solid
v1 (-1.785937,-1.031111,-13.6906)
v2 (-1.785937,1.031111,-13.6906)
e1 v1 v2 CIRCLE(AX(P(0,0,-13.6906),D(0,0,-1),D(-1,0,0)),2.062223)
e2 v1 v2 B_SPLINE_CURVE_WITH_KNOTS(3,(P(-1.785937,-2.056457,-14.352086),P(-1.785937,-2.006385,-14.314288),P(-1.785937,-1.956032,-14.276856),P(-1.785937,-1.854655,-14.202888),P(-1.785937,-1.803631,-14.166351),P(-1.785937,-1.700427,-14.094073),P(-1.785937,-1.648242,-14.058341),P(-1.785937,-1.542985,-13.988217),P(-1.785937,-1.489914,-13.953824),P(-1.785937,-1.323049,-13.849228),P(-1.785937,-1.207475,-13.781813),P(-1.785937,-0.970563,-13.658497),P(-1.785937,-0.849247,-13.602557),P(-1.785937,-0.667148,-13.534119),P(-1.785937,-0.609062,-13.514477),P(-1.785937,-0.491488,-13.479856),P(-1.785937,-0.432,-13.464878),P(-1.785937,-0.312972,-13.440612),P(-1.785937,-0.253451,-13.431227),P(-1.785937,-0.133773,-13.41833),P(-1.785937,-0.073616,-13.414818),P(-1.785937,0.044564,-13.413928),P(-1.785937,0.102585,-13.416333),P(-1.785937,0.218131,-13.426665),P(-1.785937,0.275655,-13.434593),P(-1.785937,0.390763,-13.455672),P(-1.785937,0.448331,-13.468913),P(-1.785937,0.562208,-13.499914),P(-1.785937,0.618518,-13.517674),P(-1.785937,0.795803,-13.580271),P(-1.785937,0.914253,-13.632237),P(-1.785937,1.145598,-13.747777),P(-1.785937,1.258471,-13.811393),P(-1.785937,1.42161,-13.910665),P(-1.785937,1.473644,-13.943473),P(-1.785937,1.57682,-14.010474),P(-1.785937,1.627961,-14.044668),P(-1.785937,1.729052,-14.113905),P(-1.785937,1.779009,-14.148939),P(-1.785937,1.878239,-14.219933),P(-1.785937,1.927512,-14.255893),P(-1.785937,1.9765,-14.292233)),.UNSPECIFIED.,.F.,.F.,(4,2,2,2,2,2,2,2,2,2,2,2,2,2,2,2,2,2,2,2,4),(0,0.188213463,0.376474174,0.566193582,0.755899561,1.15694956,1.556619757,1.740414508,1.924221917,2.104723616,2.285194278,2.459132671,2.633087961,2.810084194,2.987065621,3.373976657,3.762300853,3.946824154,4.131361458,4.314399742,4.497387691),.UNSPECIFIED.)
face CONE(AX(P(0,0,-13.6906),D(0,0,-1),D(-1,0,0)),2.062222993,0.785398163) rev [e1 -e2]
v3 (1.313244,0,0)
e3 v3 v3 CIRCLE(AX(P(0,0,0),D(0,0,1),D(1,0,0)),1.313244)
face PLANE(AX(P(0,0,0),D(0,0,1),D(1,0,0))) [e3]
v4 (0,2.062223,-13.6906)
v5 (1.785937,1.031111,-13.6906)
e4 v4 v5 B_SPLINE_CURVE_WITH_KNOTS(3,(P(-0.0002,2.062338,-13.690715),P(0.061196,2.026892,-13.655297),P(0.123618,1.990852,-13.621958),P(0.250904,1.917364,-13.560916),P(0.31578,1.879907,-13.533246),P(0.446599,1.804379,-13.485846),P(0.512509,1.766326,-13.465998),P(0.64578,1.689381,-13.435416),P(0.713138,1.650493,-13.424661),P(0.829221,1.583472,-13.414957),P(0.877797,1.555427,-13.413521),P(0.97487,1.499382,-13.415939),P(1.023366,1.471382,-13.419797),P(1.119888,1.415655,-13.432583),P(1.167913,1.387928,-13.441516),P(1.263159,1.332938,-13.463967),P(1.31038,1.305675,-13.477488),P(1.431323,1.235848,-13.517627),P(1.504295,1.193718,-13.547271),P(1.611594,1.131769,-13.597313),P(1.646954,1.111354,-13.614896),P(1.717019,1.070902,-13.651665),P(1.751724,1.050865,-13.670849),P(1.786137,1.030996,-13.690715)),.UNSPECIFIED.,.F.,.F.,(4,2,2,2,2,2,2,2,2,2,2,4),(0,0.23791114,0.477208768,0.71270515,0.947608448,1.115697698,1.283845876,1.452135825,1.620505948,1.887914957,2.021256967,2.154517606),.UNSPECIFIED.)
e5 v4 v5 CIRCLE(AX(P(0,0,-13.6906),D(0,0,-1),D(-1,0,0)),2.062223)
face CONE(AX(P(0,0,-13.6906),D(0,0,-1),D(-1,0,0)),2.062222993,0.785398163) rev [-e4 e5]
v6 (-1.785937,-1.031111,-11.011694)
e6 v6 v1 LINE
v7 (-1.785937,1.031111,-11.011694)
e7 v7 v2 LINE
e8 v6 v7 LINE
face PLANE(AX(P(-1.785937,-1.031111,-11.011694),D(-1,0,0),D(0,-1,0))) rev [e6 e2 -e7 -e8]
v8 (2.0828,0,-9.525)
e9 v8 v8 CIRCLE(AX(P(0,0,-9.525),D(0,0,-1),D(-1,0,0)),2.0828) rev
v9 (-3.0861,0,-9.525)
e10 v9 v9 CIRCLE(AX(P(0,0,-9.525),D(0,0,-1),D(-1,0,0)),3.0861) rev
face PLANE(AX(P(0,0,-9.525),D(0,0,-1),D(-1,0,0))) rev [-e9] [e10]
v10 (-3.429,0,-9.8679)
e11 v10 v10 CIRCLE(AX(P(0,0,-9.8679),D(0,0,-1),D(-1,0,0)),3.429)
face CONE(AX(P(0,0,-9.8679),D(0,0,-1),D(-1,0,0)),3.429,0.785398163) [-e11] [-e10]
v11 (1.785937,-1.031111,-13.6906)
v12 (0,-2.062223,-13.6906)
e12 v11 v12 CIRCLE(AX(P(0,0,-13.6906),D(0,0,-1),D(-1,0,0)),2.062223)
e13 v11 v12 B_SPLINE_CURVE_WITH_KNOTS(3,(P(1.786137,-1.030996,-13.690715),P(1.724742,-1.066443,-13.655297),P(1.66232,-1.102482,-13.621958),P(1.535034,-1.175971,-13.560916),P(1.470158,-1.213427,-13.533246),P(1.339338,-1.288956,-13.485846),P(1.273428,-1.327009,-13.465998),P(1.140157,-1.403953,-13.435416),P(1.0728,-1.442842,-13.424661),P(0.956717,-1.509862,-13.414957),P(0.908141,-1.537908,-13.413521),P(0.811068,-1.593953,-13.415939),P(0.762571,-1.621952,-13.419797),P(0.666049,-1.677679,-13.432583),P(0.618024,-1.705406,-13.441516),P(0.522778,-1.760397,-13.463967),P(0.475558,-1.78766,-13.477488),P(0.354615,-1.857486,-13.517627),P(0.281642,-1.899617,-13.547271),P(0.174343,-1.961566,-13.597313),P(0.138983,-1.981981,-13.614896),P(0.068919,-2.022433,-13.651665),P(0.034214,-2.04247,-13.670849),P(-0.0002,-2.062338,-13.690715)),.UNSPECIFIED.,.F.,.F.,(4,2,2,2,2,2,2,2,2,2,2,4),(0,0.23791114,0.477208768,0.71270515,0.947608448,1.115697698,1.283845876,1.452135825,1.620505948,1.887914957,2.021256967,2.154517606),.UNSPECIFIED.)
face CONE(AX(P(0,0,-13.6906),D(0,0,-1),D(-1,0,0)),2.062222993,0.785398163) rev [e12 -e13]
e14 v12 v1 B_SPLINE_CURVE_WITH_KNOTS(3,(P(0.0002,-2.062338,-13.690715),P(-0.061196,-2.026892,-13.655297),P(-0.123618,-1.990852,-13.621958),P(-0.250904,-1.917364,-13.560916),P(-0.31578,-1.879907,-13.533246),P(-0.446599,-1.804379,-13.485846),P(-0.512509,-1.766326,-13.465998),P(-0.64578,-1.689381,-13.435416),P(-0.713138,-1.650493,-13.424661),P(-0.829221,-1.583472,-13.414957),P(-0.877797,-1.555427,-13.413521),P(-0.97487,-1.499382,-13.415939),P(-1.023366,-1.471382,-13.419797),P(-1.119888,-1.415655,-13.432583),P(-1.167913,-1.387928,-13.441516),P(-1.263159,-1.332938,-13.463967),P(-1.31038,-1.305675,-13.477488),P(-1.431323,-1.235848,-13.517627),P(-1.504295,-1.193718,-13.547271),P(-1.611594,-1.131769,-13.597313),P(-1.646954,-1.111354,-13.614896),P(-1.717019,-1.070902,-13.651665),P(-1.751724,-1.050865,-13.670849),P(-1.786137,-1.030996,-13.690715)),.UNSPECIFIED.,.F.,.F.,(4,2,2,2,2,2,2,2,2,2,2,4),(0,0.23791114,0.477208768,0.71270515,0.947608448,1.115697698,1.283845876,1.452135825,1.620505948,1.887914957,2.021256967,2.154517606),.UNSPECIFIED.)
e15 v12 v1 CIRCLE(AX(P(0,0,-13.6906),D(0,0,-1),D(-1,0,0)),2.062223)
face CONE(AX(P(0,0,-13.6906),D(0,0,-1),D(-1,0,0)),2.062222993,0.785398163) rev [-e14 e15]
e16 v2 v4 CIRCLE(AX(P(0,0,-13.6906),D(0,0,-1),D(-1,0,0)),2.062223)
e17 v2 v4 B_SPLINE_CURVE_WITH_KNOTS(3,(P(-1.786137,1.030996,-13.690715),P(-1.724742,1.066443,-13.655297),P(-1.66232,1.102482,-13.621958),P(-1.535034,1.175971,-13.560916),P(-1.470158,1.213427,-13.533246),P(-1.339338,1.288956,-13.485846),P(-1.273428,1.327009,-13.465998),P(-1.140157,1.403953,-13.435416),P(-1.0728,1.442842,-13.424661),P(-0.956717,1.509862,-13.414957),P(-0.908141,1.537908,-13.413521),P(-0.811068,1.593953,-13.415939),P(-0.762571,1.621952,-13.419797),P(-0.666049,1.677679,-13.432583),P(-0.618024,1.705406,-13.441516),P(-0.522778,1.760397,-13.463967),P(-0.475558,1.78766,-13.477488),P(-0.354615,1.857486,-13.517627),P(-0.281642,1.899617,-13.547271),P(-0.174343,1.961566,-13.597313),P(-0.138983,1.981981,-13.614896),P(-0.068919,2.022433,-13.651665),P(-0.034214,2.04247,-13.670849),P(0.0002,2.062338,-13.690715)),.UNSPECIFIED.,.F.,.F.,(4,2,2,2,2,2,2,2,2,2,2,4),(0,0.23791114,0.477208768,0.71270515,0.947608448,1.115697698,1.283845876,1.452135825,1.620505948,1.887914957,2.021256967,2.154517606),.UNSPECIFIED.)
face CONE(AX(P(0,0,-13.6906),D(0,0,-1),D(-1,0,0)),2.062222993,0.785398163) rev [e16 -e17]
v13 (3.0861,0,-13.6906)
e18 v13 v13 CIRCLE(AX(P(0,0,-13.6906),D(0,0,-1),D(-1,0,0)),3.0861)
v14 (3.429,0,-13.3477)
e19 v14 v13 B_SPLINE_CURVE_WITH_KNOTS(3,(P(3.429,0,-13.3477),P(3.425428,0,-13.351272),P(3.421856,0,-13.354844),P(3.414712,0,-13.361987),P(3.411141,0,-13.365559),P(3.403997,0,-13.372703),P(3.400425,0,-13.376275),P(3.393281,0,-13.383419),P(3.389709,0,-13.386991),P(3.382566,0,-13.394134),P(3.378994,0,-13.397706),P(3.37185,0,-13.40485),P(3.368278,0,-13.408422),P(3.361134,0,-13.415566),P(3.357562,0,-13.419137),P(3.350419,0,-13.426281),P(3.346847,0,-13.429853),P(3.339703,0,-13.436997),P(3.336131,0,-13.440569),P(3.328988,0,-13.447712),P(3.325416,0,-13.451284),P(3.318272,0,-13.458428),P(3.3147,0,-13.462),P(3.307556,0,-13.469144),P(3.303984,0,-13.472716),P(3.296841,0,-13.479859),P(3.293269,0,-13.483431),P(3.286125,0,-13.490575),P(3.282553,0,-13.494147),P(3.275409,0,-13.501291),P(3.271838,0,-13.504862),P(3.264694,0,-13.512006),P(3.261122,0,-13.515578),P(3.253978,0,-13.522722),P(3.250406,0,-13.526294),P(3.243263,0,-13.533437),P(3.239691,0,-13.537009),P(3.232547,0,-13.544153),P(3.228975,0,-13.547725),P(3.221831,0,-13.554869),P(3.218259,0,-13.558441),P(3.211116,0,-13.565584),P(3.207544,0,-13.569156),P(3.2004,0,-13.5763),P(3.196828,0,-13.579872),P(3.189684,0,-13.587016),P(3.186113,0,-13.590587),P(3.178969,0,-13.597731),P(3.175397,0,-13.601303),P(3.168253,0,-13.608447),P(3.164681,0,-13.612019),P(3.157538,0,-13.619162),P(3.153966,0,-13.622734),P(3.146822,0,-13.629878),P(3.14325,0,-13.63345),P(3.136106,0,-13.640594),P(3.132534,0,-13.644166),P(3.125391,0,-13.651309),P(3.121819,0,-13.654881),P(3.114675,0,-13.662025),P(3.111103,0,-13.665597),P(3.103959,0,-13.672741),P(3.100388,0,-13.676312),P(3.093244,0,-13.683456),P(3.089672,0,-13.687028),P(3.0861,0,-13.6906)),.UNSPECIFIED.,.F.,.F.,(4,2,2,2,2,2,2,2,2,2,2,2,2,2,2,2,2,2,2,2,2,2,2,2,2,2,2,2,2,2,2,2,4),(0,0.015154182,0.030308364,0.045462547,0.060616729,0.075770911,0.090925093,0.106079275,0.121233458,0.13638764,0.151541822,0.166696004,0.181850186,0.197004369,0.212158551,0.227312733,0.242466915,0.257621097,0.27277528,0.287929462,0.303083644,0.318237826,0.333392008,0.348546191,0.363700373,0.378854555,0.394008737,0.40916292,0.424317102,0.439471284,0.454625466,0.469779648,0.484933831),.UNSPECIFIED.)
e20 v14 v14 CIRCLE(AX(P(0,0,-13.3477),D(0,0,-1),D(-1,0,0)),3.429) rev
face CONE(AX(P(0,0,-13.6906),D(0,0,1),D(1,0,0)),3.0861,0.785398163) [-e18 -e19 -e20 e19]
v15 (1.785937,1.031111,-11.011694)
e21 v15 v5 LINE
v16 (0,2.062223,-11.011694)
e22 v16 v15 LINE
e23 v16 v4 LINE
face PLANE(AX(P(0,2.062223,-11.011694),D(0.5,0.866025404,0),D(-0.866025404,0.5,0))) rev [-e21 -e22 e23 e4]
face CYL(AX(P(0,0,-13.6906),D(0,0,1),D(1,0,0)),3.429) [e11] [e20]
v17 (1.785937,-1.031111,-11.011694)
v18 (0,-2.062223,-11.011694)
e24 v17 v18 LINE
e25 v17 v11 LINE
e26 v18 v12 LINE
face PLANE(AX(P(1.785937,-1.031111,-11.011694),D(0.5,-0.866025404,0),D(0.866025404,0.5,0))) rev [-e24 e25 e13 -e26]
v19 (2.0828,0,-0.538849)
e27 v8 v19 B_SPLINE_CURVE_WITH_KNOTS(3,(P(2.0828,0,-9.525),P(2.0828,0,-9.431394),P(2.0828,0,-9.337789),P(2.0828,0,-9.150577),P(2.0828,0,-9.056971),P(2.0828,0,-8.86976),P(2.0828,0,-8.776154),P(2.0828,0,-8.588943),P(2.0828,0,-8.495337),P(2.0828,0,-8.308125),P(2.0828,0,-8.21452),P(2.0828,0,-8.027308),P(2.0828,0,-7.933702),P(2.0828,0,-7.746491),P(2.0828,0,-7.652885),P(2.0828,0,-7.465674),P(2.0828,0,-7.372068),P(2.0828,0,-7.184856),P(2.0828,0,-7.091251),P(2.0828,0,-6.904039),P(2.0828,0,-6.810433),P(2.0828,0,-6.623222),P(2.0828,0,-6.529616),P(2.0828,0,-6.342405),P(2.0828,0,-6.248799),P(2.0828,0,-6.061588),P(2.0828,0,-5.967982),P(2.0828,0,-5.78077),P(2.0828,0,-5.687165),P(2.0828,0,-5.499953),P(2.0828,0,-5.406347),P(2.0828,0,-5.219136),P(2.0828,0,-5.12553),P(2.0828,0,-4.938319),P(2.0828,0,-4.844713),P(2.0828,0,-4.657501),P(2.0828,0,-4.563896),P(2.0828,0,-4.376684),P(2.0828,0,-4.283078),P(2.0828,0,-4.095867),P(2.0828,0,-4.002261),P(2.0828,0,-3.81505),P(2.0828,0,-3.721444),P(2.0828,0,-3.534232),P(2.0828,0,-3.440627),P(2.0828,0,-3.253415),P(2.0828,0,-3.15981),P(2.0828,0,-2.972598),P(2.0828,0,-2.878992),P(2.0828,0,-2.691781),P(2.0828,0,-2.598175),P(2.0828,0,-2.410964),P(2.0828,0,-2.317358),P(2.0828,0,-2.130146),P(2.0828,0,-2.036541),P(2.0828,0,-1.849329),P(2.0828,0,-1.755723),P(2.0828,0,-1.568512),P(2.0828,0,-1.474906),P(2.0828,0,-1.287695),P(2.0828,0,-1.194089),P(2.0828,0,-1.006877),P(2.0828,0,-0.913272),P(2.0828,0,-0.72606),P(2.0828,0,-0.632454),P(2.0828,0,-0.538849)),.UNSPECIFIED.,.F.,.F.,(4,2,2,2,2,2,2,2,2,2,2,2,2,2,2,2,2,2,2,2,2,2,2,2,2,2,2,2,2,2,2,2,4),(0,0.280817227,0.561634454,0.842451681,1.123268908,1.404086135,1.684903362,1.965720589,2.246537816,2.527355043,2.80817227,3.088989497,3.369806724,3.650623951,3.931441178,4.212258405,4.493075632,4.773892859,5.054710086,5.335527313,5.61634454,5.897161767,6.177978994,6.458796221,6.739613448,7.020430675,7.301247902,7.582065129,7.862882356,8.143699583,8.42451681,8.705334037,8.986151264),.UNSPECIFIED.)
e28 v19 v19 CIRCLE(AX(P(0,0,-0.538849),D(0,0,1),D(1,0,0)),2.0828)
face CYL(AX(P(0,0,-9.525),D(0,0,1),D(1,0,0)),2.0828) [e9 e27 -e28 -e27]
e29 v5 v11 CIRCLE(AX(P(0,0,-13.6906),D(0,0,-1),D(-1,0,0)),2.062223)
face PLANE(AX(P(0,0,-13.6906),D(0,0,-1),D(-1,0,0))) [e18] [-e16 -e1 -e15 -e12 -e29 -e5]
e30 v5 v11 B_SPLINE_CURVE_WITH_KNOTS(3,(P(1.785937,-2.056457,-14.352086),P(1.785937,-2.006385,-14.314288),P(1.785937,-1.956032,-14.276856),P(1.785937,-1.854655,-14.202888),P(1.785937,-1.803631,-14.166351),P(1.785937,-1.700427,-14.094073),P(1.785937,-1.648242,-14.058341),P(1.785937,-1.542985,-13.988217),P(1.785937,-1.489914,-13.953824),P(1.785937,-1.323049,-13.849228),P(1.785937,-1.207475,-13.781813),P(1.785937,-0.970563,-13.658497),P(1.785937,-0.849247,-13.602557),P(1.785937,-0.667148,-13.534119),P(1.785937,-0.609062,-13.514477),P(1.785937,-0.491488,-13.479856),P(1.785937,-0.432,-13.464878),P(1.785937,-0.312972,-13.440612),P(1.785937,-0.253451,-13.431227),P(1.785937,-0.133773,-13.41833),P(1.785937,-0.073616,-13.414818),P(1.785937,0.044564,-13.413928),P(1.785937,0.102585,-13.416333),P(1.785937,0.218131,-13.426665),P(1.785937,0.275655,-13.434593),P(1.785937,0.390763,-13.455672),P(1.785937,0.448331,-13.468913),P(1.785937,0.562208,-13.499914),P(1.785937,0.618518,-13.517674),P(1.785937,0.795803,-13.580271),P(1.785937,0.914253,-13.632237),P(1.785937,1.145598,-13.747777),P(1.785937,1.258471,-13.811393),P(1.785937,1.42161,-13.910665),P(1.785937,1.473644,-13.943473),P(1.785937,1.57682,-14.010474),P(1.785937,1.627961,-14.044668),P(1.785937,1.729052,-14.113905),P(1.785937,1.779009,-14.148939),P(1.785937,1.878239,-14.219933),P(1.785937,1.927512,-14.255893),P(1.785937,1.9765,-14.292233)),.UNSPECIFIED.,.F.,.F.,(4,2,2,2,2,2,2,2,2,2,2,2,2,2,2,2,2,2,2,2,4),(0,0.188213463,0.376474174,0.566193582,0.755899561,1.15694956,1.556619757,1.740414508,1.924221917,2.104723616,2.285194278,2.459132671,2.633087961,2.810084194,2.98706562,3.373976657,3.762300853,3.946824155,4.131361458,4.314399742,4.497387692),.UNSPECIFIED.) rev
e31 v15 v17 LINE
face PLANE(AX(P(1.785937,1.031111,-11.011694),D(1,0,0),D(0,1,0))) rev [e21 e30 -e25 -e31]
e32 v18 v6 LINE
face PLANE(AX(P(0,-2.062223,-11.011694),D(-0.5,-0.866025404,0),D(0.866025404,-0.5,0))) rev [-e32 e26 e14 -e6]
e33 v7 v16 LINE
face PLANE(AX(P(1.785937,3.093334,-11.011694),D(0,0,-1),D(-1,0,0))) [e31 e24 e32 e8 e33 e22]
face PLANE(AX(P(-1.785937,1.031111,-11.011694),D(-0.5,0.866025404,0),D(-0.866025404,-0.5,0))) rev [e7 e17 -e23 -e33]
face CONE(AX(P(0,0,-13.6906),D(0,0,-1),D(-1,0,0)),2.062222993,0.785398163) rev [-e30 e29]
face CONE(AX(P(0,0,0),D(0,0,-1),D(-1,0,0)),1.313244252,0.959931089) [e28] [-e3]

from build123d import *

# Parameters (mm, degrees)
SKETCH1_R          = 2.0828
EXTRUDE1_DEPTH     = 9.525
SKETCH6_R          = 3.429
EXTRUDE2_DEPTH     = 4.1656
CUT_EXTRUDE1_DEPTH = 2.67890625
CHAMFER1_SIZE      = 0.3429


with BuildPart() as part:
    # Sketch1 → Extrude1 (new body)
    with BuildSketch(Plane.XY):
        Circle(SKETCH1_R)
    extrude(amount=-EXTRUDE1_DEPTH)

    # Sketch4 → Cut-Revolve1 (revolve, cut)
    with BuildSketch(Plane(origin=(0, 0, 0), x_dir=(0, 0, -1), z_dir=(1, 0, 0))):
        Polygon((0.538848736, 2.0828), (0, 1.313244252), (0, 2.0828), align=None)
    revolve(axis=Axis((0, 0, 0), (0, 0, -1)), mode=Mode.SUBTRACT)

    # Sketch6 → Extrude2 (add)
    with BuildSketch(Plane(origin=(0, 0, -9.525), x_dir=(-1, 0, 0), z_dir=(0, 0, -1))):
        Circle(SKETCH6_R)
    extrude(amount=EXTRUDE2_DEPTH)

    # Sketch7 → Cut-Extrude1 (cut)
    with BuildSketch(Plane(origin=(0, 0, -13.6906), x_dir=(-1, 0, 0), z_dir=(0, 0, -1))):
        Polygon((0, 2.062222993), (-1.7859375, 1.031111496), (-1.7859375, -1.031111496), (0, -2.062222993), (1.7859375, -1.031111496), (1.7859375, 1.031111496), align=None)
    extrude(amount=-CUT_EXTRUDE1_DEPTH, mode=Mode.SUBTRACT)

    # Cut-Extrude2 cone 1 section (through the dimple's axis) → Cut-Extrude2 (revolve, cut)
    with BuildSketch(Plane(origin=(0, 0, -13.6906), x_dir=(0, 1, 0), z_dir=(1, 0, 0))):
        Polygon((0, 0), (2.062222993, 0), (0, 2.062222993), align=None)
    revolve(axis=Axis((0, 0, -13.6906), (0, 0, 1)), mode=Mode.SUBTRACT)

    # Chamfer1
    chamfer1_edges = [part.edges().sort_by_distance(p)[0] for p in [
        (3.429, 0, -13.6906),
        (3.429, 0, -9.525),
    ]]
    chamfer(chamfer1_edges, length=CHAMFER1_SIZE)


solid = part.part
